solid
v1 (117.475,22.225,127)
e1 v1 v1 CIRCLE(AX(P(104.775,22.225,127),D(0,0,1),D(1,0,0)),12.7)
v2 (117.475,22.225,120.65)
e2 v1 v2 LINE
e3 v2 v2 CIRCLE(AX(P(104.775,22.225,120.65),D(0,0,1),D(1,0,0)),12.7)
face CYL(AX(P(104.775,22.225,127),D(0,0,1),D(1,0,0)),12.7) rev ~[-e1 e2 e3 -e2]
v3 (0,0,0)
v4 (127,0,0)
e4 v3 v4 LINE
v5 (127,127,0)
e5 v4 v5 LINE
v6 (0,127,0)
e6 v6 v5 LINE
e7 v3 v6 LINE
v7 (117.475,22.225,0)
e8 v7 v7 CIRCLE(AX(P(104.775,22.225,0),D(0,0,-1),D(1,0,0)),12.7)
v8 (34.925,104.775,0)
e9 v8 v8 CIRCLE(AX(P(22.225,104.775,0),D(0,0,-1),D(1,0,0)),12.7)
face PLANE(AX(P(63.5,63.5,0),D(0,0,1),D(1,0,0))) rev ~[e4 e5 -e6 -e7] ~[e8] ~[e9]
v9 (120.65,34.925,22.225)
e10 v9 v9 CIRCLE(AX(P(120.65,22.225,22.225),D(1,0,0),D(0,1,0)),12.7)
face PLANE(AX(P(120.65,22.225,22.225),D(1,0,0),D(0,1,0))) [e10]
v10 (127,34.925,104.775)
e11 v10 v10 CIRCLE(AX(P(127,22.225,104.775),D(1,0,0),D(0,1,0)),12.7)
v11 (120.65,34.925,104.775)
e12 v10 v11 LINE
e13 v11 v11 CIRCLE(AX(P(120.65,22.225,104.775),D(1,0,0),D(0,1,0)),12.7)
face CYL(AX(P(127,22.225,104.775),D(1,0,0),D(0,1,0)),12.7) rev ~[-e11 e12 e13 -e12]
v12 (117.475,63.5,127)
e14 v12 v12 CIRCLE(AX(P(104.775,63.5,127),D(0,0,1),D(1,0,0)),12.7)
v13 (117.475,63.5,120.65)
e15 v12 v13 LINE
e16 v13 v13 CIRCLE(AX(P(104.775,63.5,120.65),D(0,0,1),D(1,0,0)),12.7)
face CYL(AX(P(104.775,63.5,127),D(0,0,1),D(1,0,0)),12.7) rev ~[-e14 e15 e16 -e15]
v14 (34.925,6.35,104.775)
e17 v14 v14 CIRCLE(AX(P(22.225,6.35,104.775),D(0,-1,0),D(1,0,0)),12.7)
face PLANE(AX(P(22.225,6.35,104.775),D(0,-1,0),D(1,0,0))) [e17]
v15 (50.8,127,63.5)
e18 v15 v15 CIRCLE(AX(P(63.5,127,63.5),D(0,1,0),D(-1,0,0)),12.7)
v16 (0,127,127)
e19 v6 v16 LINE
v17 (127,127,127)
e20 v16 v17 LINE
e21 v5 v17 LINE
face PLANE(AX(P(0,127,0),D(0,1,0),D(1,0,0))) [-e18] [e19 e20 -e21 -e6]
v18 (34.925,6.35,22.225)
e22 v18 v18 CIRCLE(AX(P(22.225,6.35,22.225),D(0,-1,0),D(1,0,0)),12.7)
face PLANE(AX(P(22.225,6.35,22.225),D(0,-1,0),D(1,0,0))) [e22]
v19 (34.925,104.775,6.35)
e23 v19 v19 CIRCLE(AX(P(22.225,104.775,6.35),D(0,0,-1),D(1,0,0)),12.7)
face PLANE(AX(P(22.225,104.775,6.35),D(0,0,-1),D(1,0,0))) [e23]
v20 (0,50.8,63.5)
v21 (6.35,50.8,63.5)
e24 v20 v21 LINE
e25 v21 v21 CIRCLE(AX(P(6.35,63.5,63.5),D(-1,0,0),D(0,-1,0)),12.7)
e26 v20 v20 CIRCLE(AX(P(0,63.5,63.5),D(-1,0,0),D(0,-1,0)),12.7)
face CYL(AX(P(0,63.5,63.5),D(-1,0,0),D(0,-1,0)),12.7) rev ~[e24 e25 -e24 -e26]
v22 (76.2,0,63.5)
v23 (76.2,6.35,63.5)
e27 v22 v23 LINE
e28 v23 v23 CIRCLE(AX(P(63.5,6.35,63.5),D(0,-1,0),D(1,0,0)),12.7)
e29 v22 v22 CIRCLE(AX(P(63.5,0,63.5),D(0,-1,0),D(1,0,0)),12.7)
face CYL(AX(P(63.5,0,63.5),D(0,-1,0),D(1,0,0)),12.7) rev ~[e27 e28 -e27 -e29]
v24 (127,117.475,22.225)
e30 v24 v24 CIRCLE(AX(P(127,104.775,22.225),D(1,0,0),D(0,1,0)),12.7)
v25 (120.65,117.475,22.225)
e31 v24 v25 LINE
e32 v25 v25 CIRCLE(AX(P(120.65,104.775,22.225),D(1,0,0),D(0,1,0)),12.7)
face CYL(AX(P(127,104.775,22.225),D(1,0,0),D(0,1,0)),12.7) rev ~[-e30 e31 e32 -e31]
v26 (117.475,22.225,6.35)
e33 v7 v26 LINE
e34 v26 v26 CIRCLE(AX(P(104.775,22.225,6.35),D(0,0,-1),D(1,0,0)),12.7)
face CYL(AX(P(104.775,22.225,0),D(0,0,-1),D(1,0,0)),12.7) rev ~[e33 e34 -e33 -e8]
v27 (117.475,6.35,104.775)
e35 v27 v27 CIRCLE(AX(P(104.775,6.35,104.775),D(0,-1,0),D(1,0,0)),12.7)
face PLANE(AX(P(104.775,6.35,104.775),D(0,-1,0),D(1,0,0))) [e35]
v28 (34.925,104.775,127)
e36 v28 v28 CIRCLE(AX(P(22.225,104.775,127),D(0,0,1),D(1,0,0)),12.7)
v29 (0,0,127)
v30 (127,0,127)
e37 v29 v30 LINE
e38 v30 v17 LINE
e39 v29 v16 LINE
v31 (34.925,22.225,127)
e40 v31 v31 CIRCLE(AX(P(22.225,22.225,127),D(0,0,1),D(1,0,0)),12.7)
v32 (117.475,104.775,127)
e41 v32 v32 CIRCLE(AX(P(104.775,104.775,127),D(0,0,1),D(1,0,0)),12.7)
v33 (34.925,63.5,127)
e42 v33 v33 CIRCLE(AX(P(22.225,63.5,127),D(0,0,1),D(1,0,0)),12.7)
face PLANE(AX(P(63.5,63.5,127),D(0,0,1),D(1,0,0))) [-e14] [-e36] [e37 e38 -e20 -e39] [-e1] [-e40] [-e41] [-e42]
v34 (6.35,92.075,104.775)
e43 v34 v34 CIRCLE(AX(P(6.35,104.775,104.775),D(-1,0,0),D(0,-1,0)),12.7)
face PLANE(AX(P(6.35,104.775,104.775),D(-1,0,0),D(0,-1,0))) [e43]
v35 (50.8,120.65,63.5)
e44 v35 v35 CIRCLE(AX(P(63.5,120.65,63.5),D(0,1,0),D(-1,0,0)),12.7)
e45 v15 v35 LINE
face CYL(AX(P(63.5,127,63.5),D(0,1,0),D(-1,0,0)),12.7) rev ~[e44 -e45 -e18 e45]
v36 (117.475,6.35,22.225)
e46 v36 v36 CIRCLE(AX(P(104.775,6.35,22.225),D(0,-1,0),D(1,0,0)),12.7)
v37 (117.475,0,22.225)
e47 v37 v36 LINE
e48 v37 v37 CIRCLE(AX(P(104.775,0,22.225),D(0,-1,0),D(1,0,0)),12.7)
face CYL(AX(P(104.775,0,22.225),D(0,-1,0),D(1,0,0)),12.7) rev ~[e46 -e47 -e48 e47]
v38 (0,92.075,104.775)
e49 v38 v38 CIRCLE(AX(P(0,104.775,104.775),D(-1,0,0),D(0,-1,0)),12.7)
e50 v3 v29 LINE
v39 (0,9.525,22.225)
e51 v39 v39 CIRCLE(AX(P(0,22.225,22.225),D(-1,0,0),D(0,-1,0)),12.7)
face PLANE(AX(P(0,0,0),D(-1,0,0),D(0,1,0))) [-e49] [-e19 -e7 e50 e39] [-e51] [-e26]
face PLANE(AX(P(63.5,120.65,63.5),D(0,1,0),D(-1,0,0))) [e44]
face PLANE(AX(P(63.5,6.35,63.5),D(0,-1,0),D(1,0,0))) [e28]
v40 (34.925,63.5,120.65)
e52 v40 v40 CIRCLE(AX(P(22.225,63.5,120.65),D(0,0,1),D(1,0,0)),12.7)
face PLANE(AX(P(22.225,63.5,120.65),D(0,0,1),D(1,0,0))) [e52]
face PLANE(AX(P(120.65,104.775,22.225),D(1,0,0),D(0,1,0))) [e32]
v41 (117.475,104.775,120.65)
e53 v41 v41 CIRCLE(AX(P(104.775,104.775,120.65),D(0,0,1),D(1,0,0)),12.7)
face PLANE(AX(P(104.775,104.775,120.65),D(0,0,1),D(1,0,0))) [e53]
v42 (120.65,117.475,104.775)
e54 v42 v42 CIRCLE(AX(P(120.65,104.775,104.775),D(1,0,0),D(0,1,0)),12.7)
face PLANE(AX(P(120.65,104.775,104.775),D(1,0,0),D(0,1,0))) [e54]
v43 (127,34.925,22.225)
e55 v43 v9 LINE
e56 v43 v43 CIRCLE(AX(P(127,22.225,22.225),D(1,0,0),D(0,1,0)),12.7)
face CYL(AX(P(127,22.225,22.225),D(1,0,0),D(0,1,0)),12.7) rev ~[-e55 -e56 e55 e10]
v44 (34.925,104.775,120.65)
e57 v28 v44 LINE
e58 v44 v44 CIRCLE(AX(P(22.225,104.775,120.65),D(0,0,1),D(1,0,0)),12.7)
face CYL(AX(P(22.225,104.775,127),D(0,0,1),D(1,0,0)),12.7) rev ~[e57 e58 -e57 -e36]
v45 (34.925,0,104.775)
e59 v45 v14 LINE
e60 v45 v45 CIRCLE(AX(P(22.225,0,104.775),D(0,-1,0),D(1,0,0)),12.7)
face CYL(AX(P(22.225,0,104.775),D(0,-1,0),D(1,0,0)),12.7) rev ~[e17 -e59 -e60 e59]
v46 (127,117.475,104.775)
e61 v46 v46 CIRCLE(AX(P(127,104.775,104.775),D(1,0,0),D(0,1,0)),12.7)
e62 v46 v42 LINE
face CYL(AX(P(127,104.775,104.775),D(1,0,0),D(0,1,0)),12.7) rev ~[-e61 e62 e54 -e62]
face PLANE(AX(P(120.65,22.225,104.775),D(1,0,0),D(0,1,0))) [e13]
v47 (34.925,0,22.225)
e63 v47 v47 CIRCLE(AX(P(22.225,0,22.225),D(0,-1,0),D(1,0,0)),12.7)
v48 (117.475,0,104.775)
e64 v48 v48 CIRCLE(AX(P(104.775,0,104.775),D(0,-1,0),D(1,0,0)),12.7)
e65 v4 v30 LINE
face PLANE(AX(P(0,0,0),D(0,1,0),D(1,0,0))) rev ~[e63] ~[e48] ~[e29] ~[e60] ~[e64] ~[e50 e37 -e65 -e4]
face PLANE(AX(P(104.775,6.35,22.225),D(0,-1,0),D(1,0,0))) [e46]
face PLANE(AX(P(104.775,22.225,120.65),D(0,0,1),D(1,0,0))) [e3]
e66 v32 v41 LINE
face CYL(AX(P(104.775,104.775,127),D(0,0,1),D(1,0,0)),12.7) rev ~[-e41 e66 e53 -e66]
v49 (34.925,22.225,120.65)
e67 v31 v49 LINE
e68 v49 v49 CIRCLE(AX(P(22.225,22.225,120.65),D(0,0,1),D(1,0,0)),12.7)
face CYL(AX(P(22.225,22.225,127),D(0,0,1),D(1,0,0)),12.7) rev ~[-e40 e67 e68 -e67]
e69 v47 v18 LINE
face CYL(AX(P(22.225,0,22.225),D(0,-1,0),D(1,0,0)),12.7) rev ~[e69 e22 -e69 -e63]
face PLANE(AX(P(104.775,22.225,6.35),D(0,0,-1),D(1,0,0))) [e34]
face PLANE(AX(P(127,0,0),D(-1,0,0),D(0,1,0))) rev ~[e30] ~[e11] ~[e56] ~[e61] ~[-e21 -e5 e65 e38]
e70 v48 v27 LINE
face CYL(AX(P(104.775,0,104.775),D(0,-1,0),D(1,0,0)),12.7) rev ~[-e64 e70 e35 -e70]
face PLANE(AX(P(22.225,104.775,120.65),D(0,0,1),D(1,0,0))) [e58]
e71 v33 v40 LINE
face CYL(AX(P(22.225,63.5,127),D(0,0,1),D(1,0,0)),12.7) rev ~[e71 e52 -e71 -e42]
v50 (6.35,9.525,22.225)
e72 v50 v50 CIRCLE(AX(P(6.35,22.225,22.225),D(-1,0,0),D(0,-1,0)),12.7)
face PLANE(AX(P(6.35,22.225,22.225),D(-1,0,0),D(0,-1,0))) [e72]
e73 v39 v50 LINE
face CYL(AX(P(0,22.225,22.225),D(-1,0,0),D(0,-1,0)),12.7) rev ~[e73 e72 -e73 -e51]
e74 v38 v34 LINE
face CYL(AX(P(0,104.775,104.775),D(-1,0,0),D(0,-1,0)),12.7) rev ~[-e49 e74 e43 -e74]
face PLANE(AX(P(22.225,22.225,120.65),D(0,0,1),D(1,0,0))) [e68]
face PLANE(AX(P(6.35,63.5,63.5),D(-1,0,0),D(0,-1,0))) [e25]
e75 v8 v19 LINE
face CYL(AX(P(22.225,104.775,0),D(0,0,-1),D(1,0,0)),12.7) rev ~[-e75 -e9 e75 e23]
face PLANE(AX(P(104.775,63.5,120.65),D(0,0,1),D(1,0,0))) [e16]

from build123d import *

# Parameters (mm, degrees)
F0_W      = 127
F0_H      = 127
F1_DEPTH  = 127
F2_R      = 12.7
F3_DEPTH  = 6.35
F4_R      = 12.7
F5_DEPTH  = 6.35
F6_R      = 12.7
F7_DEPTH  = 6.35
F8_R      = 12.7
F9_DEPTH  = 6.35
F10_R     = 12.7
F11_DEPTH = 6.35
F12_R     = 12.7
F13_DEPTH = 6.35


with BuildPart() as f1:
    # F0 (on Top) → F1 (new body)
    with BuildSketch(Plane.XY):
        with Locations((63.5, 63.5)):
            Rectangle(F0_W, F0_H)
    extrude(amount=F1_DEPTH)

    # F2 (on face) → F3 (cut)
    with BuildSketch(Plane(origin=(0, 127, 0), x_dir=(-1, 0, 0), z_dir=(0, 1, 0))):
        with Locations((-63.5, 63.5)):
            Circle(F2_R)
    extrude(amount=-F3_DEPTH, mode=Mode.SUBTRACT)

    # F4 (on face) → F5 (cut)
    with BuildSketch(Plane(origin=(0, 0, 0), x_dir=(1, 0, 0), z_dir=(0, 0, -1))):
        with Locations((104.775, -22.225)):
            Circle(F4_R)
        with Locations((22.225, -104.775)):
            Circle(F4_R)
    extrude(amount=-F5_DEPTH, mode=Mode.SUBTRACT)

    # F6 (on face) → F7 (cut)
    with BuildSketch(Plane(origin=(0, 0, 0), x_dir=(0, -1, 0), z_dir=(-1, 0, 0))):
        with Locations((-22.225, 22.225)):
            Circle(F6_R)
        with Locations((-63.5, 63.5)):
            Circle(F6_R)
        with Locations((-104.775, 104.775)):
            Circle(F6_R)
    extrude(amount=-F7_DEPTH, mode=Mode.SUBTRACT)

    # F8 (on face) → F9 (cut)
    with BuildSketch(Plane.YZ.offset(127)):
        with Locations((22.225, 22.225)):
            Circle(F8_R)
        with Locations((104.775, 22.225)):
            Circle(F8_R)
        with Locations((22.225, 104.775)):
            Circle(F8_R)
        with Locations((104.775, 104.775)):
            Circle(F8_R)
    extrude(amount=-F9_DEPTH, mode=Mode.SUBTRACT)

    # F10 (on face) → F11 (cut)
    with BuildSketch(Plane.XZ):
        with Locations((63.5, 63.5)):
            Circle(F10_R)
        with Locations((22.225, 104.775)):
            Circle(F10_R)
        with Locations((22.225, 22.225)):
            Circle(F10_R)
        with Locations((104.775, 104.775)):
            Circle(F10_R)
        with Locations((104.775, 22.225)):
            Circle(F10_R)
    extrude(amount=-F11_DEPTH, mode=Mode.SUBTRACT)

    # F12 (on face) → F13 (cut)
    with BuildSketch(Plane.XY.offset(127)):
        with Locations((104.775, 63.5)):
            Circle(F12_R)
        with Locations((104.775, 22.225)):
            Circle(F12_R)
        with Locations((104.775, 104.775)):
            Circle(F12_R)
        with Locations((22.225, 22.225)):
            Circle(F12_R)
        with Locations((22.225, 63.5)):
            Circle(F12_R)
        with Locations((22.225, 104.775)):
            Circle(F12_R)
    extrude(amount=-F13_DEPTH, mode=Mode.SUBTRACT)


solid = f1.part
